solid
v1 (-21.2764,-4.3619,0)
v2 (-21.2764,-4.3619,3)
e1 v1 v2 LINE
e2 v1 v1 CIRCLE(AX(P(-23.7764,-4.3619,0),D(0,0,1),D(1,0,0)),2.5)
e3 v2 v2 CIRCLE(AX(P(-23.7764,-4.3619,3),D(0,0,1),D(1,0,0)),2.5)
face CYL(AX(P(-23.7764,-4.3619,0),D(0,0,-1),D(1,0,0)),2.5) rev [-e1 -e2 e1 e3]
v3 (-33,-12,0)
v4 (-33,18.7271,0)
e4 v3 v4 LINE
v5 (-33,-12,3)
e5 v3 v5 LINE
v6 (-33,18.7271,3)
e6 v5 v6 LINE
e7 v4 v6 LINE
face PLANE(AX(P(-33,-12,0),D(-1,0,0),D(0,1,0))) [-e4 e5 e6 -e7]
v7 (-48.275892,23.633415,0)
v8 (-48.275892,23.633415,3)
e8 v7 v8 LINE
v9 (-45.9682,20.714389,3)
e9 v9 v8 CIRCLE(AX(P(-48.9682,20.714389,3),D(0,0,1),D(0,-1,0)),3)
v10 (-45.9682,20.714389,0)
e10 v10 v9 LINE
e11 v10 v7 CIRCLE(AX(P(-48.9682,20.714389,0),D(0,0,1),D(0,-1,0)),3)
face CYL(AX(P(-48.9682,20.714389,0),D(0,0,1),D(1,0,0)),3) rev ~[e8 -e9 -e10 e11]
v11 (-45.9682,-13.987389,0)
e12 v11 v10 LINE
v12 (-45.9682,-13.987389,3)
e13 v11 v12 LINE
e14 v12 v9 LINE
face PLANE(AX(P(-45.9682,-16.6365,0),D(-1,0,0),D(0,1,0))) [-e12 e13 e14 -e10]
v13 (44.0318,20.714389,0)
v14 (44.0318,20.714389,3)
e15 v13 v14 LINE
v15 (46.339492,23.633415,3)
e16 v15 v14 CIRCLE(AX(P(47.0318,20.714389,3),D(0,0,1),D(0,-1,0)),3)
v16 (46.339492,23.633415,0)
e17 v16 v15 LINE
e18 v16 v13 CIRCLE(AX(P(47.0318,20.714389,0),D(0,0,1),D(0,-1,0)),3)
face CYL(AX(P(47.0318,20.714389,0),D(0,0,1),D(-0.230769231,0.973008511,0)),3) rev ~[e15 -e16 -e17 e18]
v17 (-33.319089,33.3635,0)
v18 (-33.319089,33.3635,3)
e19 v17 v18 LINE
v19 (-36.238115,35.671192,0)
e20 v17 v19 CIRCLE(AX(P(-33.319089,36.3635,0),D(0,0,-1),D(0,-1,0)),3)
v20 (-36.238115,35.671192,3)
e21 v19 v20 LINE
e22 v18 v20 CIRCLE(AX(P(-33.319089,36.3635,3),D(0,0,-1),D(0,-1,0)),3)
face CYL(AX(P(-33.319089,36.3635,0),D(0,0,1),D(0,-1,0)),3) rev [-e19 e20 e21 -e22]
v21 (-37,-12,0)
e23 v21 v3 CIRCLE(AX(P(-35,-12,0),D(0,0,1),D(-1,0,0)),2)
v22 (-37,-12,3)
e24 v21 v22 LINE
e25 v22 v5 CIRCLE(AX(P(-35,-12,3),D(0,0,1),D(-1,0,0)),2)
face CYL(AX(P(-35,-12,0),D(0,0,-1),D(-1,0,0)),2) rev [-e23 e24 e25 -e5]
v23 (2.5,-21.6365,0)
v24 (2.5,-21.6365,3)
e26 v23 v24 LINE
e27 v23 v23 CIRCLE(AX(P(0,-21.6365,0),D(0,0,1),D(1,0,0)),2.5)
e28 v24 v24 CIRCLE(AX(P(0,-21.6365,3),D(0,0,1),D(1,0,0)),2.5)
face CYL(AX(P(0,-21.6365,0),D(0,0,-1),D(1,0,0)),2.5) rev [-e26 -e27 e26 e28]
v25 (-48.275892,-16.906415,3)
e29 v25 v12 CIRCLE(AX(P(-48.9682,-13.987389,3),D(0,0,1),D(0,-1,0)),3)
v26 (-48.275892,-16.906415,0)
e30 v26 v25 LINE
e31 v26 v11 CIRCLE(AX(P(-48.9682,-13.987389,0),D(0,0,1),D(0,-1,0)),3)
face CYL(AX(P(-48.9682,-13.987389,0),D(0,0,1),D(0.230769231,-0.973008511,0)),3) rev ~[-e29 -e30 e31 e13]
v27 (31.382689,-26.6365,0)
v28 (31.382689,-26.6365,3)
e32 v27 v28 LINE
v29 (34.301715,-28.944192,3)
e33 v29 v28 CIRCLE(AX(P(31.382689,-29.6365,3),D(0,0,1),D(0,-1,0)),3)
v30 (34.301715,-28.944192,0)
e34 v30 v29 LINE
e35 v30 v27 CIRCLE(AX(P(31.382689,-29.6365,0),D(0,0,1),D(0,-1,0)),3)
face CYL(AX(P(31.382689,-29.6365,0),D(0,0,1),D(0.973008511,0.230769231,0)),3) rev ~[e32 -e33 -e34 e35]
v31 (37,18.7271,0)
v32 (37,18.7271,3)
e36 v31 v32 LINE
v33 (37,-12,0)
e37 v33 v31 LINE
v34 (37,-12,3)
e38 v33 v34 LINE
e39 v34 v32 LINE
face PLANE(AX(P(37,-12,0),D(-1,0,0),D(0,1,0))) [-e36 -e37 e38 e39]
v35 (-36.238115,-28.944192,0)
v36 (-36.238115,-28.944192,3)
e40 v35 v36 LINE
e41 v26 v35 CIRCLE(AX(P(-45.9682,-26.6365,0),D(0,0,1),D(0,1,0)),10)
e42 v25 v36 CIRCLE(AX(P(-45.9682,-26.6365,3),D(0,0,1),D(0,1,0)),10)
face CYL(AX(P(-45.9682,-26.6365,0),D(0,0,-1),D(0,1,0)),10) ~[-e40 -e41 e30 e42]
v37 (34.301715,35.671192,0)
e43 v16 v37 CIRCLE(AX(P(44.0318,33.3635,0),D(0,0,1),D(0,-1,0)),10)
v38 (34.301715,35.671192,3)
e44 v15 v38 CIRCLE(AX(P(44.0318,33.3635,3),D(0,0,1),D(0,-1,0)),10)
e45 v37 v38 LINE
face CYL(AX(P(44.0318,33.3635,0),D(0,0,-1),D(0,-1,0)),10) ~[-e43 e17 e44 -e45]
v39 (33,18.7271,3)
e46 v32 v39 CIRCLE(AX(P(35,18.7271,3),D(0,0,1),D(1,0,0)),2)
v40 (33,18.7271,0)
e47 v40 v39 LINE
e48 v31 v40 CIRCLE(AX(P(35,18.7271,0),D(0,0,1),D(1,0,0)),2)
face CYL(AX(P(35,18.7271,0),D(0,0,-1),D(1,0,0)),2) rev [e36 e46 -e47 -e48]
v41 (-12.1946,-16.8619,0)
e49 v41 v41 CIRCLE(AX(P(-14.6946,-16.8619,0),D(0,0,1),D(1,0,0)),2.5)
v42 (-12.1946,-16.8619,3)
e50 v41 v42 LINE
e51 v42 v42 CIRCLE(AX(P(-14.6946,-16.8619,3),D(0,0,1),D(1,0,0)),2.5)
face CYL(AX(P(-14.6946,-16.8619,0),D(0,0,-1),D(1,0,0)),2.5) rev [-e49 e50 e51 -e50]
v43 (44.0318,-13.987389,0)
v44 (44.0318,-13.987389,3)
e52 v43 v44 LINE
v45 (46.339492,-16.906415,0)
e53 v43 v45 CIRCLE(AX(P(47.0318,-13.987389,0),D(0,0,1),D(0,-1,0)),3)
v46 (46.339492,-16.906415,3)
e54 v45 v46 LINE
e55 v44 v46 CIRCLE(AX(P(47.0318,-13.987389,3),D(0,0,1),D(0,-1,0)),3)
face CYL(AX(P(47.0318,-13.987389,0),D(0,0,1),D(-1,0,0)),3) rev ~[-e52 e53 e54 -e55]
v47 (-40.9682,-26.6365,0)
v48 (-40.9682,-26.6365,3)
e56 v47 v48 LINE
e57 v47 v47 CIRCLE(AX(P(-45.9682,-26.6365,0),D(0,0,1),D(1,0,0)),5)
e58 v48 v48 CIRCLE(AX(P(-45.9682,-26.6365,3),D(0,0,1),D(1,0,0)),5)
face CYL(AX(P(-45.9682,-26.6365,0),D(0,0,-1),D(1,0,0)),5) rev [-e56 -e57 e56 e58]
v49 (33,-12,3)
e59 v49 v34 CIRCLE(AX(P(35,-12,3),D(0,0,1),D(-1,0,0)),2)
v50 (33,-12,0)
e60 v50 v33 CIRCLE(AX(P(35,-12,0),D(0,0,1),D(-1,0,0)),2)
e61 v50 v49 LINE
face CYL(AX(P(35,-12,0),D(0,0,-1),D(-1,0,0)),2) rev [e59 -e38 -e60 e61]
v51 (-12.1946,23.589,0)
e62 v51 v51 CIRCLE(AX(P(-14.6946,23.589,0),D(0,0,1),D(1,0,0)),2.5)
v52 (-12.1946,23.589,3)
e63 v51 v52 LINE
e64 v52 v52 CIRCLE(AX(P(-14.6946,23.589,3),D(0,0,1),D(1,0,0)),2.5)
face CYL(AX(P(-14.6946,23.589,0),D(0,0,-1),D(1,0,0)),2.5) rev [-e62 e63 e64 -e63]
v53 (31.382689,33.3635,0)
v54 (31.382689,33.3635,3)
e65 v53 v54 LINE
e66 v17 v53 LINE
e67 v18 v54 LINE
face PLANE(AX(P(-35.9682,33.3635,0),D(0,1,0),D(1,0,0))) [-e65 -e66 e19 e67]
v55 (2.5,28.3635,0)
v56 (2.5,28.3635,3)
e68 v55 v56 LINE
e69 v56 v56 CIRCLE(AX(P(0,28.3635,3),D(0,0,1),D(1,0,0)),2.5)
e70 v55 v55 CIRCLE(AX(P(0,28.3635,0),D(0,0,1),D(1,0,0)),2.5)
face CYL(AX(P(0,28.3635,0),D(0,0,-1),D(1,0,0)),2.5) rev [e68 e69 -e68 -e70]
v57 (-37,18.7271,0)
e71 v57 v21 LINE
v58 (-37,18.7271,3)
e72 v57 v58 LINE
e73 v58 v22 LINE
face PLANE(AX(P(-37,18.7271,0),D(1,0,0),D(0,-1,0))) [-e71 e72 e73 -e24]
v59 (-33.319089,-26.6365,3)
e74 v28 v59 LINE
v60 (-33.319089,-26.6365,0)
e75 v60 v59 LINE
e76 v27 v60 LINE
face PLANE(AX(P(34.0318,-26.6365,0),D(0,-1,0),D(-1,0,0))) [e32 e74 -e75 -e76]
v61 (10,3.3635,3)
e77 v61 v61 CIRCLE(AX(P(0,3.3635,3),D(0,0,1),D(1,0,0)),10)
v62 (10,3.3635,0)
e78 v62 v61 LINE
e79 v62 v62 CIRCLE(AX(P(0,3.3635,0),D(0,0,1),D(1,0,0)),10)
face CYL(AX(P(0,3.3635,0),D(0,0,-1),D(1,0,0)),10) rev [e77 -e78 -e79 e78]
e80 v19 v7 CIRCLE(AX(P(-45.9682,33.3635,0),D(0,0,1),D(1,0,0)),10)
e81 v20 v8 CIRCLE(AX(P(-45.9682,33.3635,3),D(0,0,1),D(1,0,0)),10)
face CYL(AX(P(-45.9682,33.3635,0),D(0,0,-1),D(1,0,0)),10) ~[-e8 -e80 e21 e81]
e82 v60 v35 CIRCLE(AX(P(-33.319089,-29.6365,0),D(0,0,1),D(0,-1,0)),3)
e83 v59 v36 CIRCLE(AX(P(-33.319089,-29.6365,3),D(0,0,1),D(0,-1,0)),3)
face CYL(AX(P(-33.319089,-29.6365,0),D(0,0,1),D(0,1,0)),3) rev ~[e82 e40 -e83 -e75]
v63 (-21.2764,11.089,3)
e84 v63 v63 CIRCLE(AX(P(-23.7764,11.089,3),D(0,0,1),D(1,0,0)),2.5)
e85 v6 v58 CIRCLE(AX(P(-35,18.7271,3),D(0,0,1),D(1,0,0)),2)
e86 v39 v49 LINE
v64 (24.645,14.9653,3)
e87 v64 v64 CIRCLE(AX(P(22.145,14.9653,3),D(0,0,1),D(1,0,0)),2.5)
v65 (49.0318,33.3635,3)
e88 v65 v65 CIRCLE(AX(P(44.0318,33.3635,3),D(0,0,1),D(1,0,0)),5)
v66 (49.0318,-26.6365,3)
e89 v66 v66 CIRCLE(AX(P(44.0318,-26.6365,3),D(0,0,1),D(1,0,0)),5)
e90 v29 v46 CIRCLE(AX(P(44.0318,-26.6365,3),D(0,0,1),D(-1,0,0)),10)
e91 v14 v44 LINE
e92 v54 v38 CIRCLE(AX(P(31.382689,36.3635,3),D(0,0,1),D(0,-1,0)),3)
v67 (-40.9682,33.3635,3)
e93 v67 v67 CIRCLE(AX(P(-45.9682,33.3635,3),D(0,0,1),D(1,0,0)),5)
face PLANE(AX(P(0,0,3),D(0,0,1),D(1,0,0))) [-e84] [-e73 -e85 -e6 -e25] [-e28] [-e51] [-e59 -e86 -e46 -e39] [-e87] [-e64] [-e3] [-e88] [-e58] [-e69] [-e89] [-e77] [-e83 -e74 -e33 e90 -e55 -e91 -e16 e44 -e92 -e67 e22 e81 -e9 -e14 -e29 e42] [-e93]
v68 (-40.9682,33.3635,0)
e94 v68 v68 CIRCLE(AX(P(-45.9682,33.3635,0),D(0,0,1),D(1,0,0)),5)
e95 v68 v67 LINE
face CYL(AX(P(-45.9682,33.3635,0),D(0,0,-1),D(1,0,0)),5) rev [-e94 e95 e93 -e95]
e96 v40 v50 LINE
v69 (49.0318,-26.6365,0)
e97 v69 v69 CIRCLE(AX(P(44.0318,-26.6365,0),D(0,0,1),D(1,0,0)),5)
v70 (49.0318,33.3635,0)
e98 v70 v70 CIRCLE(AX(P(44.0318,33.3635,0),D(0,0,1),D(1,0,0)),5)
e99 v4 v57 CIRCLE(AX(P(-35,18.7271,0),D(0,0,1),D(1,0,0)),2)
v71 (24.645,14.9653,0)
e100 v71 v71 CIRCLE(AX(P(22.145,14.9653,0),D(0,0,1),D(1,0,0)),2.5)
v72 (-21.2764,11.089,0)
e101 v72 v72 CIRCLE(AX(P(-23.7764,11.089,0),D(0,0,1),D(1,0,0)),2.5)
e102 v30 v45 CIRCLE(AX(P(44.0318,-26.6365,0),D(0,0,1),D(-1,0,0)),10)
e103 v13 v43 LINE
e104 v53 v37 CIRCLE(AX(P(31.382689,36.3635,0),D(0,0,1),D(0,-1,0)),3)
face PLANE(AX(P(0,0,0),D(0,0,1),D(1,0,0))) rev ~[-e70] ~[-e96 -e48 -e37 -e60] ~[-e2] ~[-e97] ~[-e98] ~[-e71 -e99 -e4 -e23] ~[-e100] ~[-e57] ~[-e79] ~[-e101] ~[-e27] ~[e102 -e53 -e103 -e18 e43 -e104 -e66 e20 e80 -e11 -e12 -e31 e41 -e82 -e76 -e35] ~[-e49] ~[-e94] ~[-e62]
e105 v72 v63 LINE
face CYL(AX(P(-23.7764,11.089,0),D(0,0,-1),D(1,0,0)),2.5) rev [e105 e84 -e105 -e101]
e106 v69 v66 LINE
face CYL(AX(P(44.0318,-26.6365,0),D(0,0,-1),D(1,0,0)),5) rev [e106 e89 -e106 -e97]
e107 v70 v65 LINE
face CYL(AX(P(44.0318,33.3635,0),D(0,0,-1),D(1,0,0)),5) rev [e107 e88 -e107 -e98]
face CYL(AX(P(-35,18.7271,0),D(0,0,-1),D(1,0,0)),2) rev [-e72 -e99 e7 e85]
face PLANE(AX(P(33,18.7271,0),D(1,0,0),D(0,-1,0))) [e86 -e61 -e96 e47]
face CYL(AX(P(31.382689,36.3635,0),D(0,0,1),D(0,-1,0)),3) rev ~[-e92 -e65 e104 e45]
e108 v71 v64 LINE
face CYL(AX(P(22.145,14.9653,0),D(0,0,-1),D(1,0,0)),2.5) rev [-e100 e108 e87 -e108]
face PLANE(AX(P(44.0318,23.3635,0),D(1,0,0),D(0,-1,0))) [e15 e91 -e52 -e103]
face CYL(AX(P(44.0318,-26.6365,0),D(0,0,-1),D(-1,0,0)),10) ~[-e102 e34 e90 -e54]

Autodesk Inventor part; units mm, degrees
ref_plane "YZ Plane" through (0, 0, 0) normal (1, 0, 0) x (0, 1, 0)
ref_plane "XZ Plane" through (0, 0, 0) normal (0, 1, 0) x (-1, 0, 0)
ref_plane "XY Plane" through (0, 0, 0) normal (0, 0, 1) x (1, 0, 0)
sketch "Sketch1" plane through (0, 0, 0) normal (0, 0, 1) x (1, 0, 0)
  line L0 (-35.9682, 33.3635) -> (34.0318, 33.3635)
  line L1 (-45.9682, -16.6365) -> (-45.9682, 23.3635)
  circle A0 centre (-45.9682, 33.3635) radius 5
  circle A1 centre (44.0318, 33.3635) radius 5
  circle A2 centre (44.0318, -26.6365) radius 5
  circle A3 centre (-45.9682, -26.6365) radius 5
  arc A4 (-35.9682, 33.3635) -> (-45.9682, 23.3635) centre (-45.9682, 33.3635) ccw
  arc A5 (44.0318, 23.3635) -> (34.0318, 33.3635) centre (44.0318, 33.3635) ccw
  arc A6 (34.0318, -26.6365) -> (44.0318, -16.6365) centre (44.0318, -26.6365) ccw
  arc A7 (-45.9682, -16.6365) -> (-35.9682, -26.6365) centre (-45.9682, -26.6365) ccw
  line L2 (34.0318, -26.6365) -> (-35.9682, -26.6365)
  line L3 (44.0318, 23.3635) -> (44.0318, -16.6365)
  arc A8 (-33, 18.7271) -> (-37, 18.7271) centre (-35, 18.7271) ccw
  arc A9 (-37, -12) -> (-33, -12) centre (-35, -12) ccw
  arc A10 (37, 18.7271) -> (33, 18.7271) centre (35, 18.7271) ccw
  arc A11 (33, -12) -> (37, -12) centre (35, -12) ccw
  line L4 (-37, 18.7271) -> (-37, -12)
  line L5 (-33, -12) -> (-33, 18.7271)
  line L6 (33, 18.7271) -> (33, -12)
  line L7 (37, -12) -> (37, 18.7271)
  circle A12 centre (0, 3.3635) radius 10
  circle A13 centre (22.145, 14.9653) radius 2.5
  circle A14 centre (-14.6946, 23.589) radius 2.5
  circle A15 centre (-23.7764, 11.089) radius 2.5
  circle A16 centre (-23.7764, -4.3619) radius 2.5
  circle A17 centre (-14.6946, -16.8619) radius 2.5
  circle A18 centre (0, -21.6365) radius 2.5
  circle A19 centre (0, 28.3635) radius 2.5
  dimension "d22" = 242.35
extrude "Extrusion1" add sketch "Sketch1" along normal blind 3
fillet "Fillet1" radius 3 8 edges at (-35.9682, 33.3635, 1.5) (44.0318, -16.6365, 1.5) (-45.9682, -16.6365, 1.5) (34.0318, 33.3635, 1.5) (34.0318, -26.6365, 1.5) (-45.9682, 23.3635, 1.5) (-35.9682, -26.6365, 1.5) (44.0318, 23.3635, 1.5)
properties part number "Desafio 3 - MASA - Inventor"
